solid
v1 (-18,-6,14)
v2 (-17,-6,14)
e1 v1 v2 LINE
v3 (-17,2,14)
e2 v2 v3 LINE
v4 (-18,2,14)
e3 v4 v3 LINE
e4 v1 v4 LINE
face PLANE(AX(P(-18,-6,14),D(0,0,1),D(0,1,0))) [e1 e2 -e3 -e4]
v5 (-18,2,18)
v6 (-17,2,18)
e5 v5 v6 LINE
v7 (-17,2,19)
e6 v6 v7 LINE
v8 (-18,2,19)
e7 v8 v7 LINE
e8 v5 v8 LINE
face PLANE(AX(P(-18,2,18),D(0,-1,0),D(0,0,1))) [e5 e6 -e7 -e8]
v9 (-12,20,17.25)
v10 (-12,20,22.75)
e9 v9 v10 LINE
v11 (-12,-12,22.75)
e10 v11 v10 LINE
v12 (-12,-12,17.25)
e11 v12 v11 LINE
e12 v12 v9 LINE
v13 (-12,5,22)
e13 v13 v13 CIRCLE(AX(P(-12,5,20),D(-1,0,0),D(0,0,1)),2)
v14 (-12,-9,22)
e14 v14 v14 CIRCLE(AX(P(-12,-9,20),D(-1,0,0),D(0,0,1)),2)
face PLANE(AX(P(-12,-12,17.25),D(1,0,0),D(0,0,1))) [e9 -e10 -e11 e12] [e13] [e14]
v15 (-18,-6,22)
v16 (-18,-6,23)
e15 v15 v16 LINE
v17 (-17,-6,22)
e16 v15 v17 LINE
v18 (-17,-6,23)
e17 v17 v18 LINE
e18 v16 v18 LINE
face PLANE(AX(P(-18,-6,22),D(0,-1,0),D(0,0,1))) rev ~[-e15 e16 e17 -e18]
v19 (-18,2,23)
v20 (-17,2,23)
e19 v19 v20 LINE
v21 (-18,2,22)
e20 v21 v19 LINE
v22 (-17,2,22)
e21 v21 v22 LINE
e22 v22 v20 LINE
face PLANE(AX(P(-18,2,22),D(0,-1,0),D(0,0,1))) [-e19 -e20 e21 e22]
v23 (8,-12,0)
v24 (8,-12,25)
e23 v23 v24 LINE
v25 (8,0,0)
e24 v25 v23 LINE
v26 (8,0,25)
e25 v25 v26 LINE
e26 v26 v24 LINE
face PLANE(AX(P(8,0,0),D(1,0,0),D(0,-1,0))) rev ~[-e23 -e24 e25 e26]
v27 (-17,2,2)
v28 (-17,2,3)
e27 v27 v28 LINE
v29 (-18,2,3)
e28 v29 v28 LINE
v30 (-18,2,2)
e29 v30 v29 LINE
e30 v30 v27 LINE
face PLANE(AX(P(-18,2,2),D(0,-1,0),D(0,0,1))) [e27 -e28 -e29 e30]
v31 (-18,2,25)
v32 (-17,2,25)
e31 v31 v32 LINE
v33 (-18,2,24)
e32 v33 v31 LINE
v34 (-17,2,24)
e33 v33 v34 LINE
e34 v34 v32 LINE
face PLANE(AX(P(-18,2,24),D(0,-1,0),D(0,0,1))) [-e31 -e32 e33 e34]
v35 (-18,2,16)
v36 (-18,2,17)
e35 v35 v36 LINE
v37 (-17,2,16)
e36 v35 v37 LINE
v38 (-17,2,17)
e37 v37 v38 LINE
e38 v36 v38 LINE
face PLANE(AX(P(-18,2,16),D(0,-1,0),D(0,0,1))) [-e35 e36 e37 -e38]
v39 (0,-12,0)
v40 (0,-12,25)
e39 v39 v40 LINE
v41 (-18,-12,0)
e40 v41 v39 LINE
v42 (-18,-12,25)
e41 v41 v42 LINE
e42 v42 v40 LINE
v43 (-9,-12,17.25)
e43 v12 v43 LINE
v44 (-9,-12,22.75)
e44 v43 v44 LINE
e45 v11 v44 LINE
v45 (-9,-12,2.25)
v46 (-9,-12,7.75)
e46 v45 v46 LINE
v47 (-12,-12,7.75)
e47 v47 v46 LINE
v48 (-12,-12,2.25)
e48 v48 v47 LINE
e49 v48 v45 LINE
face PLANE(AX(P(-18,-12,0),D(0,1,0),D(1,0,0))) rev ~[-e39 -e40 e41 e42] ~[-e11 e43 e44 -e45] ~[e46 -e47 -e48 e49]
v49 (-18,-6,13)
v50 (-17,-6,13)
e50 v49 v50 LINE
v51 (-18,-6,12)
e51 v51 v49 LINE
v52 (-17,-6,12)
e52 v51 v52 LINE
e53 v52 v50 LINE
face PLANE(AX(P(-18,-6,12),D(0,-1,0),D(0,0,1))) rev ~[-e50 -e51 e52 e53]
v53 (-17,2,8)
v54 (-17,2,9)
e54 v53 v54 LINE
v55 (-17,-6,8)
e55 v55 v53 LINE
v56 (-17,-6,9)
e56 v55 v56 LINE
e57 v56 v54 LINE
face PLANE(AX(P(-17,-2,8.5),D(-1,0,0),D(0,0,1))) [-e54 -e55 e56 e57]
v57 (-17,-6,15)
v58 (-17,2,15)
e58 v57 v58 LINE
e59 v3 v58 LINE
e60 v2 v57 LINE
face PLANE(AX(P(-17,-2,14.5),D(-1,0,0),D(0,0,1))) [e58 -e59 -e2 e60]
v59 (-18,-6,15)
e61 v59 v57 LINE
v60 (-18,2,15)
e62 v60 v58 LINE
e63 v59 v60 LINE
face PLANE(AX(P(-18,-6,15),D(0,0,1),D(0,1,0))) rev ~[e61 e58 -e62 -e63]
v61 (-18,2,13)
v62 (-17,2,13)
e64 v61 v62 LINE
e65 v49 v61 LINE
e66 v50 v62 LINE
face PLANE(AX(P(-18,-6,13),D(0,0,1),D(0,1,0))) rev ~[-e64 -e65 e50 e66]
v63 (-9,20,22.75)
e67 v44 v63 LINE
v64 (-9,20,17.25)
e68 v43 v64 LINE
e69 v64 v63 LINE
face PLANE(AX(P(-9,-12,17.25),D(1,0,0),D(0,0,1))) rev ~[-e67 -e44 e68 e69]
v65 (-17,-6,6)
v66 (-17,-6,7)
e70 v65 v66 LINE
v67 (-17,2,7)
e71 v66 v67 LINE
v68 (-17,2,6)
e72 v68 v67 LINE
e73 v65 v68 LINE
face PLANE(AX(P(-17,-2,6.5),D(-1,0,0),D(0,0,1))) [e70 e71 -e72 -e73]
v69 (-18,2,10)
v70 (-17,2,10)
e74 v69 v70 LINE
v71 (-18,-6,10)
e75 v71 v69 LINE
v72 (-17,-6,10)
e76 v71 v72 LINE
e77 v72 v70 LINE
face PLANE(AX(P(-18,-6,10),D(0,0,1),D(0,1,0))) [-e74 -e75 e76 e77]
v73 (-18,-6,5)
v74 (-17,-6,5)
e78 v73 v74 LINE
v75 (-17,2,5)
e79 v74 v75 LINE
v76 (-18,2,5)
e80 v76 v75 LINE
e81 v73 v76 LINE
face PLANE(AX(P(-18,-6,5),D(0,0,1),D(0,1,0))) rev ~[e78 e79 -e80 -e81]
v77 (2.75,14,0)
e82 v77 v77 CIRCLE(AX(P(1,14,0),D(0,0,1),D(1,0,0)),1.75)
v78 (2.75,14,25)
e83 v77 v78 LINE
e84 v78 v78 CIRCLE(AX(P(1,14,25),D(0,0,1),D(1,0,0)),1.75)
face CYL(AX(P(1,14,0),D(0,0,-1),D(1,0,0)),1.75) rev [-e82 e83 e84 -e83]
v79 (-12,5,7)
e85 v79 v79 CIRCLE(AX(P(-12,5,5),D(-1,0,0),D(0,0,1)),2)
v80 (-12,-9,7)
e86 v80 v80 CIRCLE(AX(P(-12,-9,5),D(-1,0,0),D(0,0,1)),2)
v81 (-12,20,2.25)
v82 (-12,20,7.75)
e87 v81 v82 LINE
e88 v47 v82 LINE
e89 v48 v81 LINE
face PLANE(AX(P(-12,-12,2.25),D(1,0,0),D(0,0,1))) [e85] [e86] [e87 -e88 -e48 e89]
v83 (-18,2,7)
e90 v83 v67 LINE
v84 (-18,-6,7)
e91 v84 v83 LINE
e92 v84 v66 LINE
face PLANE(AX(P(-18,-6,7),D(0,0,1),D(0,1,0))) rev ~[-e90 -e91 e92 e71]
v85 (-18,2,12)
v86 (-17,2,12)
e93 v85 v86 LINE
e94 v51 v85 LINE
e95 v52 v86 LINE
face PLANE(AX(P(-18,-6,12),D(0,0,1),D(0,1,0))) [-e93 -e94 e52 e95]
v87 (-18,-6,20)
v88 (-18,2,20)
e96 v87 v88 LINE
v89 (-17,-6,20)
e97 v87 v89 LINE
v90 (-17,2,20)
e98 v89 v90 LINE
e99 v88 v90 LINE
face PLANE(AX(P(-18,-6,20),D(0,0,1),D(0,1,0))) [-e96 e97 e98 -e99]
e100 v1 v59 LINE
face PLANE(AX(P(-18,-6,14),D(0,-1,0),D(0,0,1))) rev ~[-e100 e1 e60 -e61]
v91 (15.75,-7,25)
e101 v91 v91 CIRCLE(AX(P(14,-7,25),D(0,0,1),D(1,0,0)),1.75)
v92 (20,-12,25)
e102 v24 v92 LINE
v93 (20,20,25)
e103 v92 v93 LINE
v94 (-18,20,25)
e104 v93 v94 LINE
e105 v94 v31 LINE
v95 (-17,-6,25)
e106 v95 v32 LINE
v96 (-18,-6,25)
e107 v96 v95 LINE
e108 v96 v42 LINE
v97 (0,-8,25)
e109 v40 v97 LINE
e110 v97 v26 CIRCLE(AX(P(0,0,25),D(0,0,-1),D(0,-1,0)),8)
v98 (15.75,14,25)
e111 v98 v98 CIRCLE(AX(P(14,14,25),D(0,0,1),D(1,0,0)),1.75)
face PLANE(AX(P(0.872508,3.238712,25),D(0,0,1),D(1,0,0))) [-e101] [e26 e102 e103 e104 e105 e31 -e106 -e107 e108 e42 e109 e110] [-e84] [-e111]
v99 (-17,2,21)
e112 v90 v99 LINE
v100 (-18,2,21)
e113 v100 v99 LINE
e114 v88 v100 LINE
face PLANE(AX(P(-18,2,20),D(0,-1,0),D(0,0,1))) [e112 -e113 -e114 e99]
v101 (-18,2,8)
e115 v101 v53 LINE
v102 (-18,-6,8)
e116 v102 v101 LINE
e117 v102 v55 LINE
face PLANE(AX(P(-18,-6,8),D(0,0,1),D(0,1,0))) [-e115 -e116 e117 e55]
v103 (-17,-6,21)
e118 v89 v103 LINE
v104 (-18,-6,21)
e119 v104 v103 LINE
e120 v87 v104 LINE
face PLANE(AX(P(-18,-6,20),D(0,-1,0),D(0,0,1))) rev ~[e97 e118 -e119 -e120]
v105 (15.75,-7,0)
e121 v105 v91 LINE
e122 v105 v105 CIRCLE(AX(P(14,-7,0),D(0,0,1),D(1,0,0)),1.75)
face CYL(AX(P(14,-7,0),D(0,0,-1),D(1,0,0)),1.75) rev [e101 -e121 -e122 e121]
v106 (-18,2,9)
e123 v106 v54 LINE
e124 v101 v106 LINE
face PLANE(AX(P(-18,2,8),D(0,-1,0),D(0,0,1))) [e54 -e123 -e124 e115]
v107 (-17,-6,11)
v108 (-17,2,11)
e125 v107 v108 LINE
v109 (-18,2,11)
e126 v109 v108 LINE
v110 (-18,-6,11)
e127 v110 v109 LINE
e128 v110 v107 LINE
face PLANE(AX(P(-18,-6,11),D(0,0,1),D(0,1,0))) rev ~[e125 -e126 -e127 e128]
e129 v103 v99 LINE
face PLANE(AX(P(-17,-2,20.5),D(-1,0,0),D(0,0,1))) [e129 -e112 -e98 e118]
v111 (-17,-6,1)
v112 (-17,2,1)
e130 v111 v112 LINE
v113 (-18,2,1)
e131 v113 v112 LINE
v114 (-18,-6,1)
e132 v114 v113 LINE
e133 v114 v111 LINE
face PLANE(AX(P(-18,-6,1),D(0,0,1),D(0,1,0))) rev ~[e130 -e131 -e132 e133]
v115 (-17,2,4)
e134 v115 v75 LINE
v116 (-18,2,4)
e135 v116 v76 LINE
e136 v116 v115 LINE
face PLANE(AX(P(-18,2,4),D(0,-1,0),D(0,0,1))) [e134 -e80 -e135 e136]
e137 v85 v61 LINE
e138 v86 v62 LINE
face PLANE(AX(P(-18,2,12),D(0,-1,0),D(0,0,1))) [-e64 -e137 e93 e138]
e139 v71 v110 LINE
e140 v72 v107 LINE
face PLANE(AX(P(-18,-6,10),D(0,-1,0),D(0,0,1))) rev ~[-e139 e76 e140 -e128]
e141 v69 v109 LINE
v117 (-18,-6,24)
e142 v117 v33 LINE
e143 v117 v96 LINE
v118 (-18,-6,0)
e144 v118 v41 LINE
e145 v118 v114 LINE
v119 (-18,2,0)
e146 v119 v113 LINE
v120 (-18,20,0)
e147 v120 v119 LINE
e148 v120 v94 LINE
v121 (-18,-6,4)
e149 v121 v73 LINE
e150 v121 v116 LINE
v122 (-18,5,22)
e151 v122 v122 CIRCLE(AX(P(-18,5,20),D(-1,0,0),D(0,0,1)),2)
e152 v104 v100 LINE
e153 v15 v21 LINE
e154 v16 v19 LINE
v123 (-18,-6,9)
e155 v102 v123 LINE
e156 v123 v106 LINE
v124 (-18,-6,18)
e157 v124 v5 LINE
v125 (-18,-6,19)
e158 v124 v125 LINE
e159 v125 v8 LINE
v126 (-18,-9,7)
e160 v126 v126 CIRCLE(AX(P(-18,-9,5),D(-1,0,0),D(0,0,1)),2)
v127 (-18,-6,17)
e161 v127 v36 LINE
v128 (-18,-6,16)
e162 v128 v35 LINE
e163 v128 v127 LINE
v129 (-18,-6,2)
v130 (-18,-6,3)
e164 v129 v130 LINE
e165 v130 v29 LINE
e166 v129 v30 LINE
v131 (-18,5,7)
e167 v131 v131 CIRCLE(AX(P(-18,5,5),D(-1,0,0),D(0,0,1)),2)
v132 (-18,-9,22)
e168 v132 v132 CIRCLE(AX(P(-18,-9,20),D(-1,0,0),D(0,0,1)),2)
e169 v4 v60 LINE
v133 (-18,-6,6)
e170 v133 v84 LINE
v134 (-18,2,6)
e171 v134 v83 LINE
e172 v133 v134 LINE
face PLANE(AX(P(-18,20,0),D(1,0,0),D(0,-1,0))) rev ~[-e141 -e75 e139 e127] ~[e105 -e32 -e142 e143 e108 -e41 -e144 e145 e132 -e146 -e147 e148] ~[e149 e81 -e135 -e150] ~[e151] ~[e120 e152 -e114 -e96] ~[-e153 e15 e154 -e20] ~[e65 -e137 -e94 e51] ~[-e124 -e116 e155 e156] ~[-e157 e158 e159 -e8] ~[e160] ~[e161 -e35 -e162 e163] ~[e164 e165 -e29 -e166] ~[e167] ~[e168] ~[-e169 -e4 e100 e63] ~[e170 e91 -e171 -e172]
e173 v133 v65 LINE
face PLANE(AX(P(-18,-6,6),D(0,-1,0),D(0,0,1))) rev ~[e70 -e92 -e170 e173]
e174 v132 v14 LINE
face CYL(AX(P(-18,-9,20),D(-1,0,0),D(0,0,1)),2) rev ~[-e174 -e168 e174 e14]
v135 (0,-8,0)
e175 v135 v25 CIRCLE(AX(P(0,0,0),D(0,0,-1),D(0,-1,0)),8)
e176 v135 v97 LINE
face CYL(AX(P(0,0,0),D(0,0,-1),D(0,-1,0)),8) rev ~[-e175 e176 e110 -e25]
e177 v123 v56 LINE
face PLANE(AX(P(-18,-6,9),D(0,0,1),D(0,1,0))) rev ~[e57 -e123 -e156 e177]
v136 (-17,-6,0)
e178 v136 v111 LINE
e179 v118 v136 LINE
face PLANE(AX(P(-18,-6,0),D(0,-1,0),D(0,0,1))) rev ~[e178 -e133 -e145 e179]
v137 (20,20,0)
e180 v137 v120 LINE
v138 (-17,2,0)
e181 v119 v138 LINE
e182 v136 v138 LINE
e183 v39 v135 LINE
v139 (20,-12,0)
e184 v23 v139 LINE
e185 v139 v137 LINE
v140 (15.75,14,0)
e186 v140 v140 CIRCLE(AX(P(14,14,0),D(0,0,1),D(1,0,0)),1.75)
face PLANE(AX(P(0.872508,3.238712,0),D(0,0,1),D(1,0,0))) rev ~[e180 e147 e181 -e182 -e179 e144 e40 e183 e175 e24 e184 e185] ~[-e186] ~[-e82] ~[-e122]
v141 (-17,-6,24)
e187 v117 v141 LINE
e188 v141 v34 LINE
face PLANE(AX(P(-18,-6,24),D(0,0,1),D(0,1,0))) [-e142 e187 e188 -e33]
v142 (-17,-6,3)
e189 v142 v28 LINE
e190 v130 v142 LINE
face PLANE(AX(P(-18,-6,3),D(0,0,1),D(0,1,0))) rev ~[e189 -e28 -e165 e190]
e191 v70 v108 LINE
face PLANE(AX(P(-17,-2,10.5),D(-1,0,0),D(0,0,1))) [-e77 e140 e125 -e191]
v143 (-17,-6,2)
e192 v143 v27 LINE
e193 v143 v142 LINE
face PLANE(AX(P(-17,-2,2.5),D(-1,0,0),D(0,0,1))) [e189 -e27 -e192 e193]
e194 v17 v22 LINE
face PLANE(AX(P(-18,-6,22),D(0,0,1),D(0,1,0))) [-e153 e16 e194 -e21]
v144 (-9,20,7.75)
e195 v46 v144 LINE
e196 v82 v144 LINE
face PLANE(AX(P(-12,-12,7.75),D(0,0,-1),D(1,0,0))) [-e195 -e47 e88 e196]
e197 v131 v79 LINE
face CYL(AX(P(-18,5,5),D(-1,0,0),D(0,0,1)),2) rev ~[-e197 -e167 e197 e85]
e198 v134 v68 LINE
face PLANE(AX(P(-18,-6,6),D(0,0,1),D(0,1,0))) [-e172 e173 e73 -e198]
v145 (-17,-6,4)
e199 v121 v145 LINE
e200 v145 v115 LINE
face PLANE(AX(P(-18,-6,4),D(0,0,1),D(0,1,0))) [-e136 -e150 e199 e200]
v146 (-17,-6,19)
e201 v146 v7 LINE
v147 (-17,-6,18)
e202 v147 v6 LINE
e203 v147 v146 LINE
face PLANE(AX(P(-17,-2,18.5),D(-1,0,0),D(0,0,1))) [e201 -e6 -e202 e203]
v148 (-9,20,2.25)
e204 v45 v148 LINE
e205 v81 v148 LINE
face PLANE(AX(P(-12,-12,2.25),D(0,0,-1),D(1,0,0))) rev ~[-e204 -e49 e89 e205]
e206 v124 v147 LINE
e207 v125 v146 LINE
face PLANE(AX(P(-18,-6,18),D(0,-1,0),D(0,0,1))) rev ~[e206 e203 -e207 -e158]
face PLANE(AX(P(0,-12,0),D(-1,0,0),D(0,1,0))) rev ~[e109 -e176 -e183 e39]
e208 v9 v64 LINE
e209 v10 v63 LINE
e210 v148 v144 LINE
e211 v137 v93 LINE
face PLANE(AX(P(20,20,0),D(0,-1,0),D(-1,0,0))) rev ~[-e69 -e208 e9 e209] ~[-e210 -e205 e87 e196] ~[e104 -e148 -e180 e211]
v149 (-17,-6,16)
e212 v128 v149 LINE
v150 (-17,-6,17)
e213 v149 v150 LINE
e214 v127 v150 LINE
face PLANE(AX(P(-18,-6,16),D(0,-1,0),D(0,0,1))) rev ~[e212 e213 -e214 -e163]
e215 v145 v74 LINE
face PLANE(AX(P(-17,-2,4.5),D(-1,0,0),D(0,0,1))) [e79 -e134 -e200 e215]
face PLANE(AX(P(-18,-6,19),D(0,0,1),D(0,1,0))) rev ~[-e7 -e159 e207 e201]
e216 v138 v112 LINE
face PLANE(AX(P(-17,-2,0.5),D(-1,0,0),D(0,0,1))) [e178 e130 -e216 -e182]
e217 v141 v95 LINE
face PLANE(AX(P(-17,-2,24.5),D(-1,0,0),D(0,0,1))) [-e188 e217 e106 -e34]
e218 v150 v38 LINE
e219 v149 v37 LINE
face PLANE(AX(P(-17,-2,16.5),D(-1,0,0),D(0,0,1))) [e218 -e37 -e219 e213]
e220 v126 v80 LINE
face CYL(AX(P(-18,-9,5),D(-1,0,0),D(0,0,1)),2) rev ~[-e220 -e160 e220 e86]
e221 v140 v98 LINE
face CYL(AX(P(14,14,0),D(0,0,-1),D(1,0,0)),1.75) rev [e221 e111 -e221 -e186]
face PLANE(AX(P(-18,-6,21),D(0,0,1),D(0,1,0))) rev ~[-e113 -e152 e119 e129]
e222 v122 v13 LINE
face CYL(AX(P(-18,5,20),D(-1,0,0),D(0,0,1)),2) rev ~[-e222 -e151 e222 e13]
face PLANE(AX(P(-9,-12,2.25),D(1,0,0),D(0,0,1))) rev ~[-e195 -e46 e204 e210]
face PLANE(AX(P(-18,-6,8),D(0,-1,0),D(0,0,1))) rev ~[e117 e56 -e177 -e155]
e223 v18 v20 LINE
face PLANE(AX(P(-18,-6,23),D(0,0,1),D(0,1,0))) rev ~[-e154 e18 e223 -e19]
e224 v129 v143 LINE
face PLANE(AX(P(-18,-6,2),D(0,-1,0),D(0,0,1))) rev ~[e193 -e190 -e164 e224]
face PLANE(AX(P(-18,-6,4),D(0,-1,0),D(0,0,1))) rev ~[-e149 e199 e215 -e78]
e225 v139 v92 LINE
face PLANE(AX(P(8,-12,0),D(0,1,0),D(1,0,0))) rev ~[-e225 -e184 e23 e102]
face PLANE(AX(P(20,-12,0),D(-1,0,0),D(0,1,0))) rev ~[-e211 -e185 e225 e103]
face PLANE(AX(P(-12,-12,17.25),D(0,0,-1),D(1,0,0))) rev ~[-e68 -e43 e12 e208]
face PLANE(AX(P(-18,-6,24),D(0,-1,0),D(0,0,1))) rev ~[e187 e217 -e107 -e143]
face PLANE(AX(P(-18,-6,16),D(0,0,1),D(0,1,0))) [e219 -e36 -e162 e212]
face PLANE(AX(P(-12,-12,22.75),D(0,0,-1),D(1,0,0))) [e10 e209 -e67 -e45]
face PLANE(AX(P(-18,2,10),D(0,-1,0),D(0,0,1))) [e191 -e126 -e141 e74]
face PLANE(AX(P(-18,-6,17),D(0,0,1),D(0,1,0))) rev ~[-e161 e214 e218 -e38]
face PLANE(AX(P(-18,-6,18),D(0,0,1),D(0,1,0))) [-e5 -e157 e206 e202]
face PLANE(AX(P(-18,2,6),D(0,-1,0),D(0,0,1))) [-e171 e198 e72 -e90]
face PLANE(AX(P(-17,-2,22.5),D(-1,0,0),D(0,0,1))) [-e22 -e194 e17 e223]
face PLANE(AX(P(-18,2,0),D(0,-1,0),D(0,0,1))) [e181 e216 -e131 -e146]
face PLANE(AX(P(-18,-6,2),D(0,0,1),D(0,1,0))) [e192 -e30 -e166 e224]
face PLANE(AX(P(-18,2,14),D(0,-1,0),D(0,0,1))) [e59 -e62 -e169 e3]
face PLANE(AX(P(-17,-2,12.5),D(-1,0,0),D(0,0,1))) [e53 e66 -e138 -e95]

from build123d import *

# Parameters (mm, degrees)
SKETCH_2_R          = 1.75
EXTRUDE_1_DEPTH     = 25
SKETCH_3_W          = 1
SKETCH_3_H          = 8
CUT_EXTRUDE_1_DEPTH = 1
SKETCH_4_R          = 2
CUT_EXTRUDE_2_DEPTH = 9
SKETCH_5_W          = 3
SKETCH_5_H          = 5.5
CUT_EXTRUDE_3_DEPTH = 33


with BuildPart() as part:
    # Эскиз2 → Бобышка-Вытянуть1 (new body)
    with BuildSketch(Plane.XY):
        with BuildLine():
            Line((8, 0), (8, -12))
            Line((8, -12), (20, -12))
            Line((20, -12), (20, 20))
            Line((20, 20), (-18, 20))
            Line((-18, 20), (-18, -12))
            Line((-18, -12), (0, -12))
            Line((0, -12), (0, -8))
            ThreePointArc((0, -8), (-5.656854249, 5.656854249), (8, 0))
        make_face()
        with Locations((1, 14)):
            Circle(SKETCH_2_R, mode=Mode.SUBTRACT)
        with Locations((14, -7)):
            Circle(SKETCH_2_R, mode=Mode.SUBTRACT)
        with Locations((14, 14)):
            Circle(SKETCH_2_R, mode=Mode.SUBTRACT)
    extrude(amount=EXTRUDE_1_DEPTH)

    # Эскиз3 → Вырез-Вытянуть1 (cut)
    with BuildSketch(Plane.ZY.offset(18)):
        with Locations((0.5, -2)):
            Rectangle(SKETCH_3_W, SKETCH_3_H)
        with Locations((2.5, -2)):
            Rectangle(SKETCH_3_W, SKETCH_3_H)
        with Locations((4.5, -2)):
            Rectangle(SKETCH_3_W, SKETCH_3_H)
        with Locations((6.5, -2)):
            Rectangle(SKETCH_3_W, SKETCH_3_H)
        with Locations((8.5, -2)):
            Rectangle(SKETCH_3_W, SKETCH_3_H)
        with Locations((10.5, -2)):
            Rectangle(SKETCH_3_W, SKETCH_3_H)
        with Locations((12.5, -2)):
            Rectangle(SKETCH_3_W, SKETCH_3_H)
        with Locations((14.5, -2)):
            Rectangle(SKETCH_3_W, SKETCH_3_H)
        with Locations((16.5, -2)):
            Rectangle(SKETCH_3_W, SKETCH_3_H)
        with Locations((18.5, -2)):
            Rectangle(SKETCH_3_W, SKETCH_3_H)
        with Locations((20.5, -2)):
            Rectangle(SKETCH_3_W, SKETCH_3_H)
        with Locations((22.5, -2)):
            Rectangle(SKETCH_3_W, SKETCH_3_H)
        with Locations((24.5, -2)):
            Rectangle(SKETCH_3_W, SKETCH_3_H)
    extrude(amount=-CUT_EXTRUDE_1_DEPTH, mode=Mode.SUBTRACT)

    # Эскиз4 → Вырез-Вытянуть2 (cut)
    with BuildSketch(Plane.ZY.offset(18)):
        with Locations((5, 5)):
            Circle(SKETCH_4_R)
        with Locations((20, 5)):
            Circle(SKETCH_4_R)
        with Locations((20, -9)):
            Circle(SKETCH_4_R)
        with Locations((5, -9)):
            Circle(SKETCH_4_R)
    extrude(amount=-CUT_EXTRUDE_2_DEPTH, mode=Mode.SUBTRACT)

    # Эскиз5 → Вырез-Вытянуть3 (cut, through all)
    with BuildSketch(Plane.XZ.offset(12)):
        with Locations((-10.5, 5)):
            Rectangle(SKETCH_5_W, SKETCH_5_H)
        with Locations((-10.5, 20)):
            Rectangle(SKETCH_5_W, SKETCH_5_H)
    extrude(amount=-CUT_EXTRUDE_3_DEPTH, mode=Mode.SUBTRACT)


solid = part.part
